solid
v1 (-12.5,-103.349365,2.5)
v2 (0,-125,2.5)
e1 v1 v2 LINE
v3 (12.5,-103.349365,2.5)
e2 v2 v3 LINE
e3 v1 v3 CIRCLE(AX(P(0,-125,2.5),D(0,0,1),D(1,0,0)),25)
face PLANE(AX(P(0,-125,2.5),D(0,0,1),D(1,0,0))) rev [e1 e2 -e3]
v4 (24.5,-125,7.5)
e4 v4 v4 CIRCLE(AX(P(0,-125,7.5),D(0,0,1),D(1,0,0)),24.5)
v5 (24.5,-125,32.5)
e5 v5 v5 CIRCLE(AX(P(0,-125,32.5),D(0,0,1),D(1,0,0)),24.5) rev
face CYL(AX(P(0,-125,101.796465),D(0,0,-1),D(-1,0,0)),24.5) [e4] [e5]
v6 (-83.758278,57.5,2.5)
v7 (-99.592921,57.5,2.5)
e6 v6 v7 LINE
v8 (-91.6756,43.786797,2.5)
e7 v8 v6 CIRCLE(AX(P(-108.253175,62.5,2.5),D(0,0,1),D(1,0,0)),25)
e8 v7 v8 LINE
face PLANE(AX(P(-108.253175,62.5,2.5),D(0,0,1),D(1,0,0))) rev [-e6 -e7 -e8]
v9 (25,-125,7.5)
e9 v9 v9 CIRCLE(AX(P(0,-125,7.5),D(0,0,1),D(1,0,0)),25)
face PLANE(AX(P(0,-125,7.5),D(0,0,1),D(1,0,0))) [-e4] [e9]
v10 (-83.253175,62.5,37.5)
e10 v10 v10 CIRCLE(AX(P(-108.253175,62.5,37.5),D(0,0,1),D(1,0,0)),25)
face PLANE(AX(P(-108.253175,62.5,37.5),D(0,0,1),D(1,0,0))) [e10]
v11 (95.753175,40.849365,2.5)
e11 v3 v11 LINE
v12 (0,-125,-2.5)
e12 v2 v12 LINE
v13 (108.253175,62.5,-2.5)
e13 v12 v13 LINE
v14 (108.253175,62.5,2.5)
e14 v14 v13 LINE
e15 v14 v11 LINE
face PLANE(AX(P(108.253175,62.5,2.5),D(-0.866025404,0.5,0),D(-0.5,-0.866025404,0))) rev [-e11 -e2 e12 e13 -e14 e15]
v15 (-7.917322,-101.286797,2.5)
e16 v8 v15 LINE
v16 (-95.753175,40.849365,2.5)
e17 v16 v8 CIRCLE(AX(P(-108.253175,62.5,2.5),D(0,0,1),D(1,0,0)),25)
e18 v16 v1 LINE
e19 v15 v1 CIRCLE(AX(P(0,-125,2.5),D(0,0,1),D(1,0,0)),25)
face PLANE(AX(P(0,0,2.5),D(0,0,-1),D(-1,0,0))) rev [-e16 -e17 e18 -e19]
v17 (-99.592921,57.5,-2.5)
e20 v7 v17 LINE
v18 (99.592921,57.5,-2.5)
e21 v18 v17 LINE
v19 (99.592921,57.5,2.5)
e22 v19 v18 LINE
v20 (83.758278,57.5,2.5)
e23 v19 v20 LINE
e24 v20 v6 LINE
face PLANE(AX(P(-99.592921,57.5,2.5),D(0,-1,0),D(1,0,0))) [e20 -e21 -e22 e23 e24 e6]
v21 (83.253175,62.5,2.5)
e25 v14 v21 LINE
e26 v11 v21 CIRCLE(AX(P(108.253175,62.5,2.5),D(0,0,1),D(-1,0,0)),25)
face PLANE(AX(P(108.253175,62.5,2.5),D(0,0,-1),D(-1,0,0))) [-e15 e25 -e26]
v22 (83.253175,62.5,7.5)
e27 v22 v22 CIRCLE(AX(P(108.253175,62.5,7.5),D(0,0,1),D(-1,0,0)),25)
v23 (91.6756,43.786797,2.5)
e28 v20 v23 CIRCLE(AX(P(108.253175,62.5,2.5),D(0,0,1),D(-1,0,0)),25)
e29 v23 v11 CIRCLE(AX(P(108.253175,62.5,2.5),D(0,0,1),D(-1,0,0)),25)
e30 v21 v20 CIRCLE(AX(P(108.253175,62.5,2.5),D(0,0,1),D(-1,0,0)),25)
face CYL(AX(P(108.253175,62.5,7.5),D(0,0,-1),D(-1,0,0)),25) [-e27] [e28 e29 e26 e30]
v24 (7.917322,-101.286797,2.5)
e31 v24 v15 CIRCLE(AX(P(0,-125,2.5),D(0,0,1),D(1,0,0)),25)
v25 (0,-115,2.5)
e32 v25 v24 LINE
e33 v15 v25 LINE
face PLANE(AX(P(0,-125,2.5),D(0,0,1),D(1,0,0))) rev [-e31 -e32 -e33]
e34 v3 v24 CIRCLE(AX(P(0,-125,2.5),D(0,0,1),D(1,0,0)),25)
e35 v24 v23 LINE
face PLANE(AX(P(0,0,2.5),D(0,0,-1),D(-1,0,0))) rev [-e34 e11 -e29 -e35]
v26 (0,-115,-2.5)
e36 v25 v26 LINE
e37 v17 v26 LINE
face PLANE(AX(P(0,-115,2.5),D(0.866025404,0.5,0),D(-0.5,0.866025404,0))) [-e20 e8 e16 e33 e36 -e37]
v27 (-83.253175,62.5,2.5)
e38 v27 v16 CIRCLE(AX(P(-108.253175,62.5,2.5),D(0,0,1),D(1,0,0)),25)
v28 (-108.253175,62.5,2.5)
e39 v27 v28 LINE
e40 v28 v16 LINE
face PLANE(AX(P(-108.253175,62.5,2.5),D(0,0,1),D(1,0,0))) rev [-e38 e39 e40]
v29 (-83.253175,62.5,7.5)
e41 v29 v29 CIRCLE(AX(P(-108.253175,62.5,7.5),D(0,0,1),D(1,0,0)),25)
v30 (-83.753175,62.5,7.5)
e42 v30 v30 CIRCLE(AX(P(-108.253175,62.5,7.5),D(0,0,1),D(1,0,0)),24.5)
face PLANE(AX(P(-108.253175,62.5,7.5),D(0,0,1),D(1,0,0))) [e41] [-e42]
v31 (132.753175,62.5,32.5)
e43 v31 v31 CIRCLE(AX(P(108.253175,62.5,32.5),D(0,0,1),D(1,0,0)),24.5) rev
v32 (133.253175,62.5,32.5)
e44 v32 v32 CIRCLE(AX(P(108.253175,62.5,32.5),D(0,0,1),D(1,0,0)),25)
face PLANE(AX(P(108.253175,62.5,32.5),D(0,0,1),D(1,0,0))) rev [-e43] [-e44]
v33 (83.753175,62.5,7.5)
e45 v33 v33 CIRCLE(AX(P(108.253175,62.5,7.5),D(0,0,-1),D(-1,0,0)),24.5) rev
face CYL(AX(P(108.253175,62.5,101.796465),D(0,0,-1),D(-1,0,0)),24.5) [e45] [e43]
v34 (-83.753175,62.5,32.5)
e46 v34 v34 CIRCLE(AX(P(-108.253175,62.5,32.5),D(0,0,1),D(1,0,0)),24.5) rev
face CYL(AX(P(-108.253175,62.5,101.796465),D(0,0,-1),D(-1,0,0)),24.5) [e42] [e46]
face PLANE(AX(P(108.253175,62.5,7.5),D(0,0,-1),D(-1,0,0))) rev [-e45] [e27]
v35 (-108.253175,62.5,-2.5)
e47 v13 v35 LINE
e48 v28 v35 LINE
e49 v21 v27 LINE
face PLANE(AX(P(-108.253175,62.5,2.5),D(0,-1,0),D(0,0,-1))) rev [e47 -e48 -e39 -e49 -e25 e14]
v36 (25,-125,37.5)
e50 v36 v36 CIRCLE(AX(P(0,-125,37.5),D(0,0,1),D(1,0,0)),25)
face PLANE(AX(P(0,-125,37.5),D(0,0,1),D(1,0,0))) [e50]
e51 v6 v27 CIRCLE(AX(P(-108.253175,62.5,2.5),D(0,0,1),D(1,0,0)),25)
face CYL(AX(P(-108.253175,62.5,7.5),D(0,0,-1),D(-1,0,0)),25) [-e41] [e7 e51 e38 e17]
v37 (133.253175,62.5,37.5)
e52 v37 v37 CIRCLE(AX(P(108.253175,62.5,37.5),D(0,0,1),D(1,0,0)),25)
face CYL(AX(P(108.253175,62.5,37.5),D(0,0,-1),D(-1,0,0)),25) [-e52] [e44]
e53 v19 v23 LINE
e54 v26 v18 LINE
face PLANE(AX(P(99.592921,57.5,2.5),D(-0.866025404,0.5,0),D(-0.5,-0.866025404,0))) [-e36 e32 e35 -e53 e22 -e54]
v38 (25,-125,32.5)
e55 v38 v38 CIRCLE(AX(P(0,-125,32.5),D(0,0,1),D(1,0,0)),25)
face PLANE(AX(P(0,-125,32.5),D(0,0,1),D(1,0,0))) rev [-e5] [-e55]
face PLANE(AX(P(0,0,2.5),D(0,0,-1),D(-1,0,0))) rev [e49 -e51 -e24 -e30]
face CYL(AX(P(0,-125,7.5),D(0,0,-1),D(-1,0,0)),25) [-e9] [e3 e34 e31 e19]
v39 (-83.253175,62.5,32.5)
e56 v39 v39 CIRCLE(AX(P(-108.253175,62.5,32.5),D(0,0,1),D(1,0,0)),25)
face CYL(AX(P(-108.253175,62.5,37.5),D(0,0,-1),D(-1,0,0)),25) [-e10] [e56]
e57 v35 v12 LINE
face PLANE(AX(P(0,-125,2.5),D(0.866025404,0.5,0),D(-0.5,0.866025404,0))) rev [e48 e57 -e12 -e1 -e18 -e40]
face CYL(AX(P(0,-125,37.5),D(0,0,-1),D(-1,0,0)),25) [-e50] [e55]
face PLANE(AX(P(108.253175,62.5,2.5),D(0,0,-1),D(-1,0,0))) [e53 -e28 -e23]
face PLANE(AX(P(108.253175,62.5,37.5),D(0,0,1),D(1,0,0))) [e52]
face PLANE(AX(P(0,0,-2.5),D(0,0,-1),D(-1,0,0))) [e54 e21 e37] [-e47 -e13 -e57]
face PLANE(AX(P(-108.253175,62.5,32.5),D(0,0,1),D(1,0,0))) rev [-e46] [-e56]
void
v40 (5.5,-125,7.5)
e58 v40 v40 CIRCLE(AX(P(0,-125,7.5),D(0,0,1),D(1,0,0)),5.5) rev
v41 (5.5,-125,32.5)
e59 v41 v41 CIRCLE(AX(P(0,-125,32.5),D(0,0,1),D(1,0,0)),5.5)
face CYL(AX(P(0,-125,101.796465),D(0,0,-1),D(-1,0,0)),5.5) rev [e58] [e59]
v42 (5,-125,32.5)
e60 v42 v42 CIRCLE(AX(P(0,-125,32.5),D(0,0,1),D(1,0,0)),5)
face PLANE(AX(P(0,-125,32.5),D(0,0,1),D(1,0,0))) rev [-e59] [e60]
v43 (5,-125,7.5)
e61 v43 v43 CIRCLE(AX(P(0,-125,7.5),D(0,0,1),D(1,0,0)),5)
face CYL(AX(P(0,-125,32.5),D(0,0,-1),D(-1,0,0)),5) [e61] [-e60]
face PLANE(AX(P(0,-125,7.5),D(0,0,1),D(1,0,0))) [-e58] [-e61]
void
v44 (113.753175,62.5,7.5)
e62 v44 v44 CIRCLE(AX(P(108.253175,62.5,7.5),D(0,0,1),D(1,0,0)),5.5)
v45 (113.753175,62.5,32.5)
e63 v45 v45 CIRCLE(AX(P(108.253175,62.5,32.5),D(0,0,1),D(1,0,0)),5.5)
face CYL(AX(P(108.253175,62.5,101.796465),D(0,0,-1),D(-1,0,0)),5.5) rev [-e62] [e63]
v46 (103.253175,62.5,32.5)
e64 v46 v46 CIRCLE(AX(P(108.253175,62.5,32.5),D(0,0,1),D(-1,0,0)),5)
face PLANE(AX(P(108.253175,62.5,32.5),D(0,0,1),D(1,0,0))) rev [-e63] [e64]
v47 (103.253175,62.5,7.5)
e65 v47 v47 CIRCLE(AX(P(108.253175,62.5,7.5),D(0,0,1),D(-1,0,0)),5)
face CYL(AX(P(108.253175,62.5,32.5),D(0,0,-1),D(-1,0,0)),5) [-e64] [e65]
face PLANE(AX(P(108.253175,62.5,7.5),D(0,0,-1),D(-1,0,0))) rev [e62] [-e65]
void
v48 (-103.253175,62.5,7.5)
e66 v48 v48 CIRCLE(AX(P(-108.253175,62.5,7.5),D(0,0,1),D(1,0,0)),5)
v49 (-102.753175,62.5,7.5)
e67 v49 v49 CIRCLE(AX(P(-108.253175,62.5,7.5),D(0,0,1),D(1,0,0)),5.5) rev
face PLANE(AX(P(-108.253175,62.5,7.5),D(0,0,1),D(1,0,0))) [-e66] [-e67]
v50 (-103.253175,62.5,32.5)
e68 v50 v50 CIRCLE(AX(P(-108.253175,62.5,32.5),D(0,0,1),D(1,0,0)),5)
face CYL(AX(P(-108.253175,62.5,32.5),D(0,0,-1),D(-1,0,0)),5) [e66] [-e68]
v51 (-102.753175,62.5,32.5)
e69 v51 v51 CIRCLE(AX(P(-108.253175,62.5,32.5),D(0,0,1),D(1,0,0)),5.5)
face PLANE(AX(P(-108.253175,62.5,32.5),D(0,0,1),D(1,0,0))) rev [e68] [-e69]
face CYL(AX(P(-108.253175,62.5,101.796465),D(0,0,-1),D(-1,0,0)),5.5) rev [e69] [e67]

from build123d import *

# Parameters (mm, degrees)
BOSS_EXTRUDE1_DEPTH = 2.5
SKETCH2_R           = 25
BOSS_EXTRUDE2_DEPTH = 5
SKETCH3_R           = 5
BOSS_EXTRUDE3_DEPTH = 25
SKETCH4_R           = 25
BOSS_EXTRUDE4_DEPTH = 5
SKETCH5_R           = 24.5
SKETCH5_R_2         = 5.5
BOSS_EXTRUDE5_DEPTH = 25


with BuildPart() as part:
    # Sketch1 → Boss-Extrude1 (new, symmetric)
    with BuildSketch(Plane.XY):
        Polygon((0, -125), (-108.253175473, 62.5), (108.253175473, 62.5), align=None)
        Polygon((0, -115), (-99.592921435, 57.5), (99.592921435, 57.5), align=None, mode=Mode.SUBTRACT)
    extrude(amount=BOSS_EXTRUDE1_DEPTH, both=True)

    # Sketch2 → Boss-Extrude2 (add)
    with BuildSketch(Plane.XY.offset(2.5)):
        with Locations((-108.253175473, 62.5)):
            Circle(SKETCH2_R)
        with Locations(Location((108.253175473, 62.5, 0), (0, 0, 180))):
            Circle(SKETCH2_R)
        with Locations(Location((0, -125, 0), (0, 0, 120))):
            Circle(SKETCH2_R)
    extrude(amount=BOSS_EXTRUDE2_DEPTH)

    # Sketch3 → Boss-Extrude3 (add)
    with BuildSketch(Plane.XY.offset(7.5)):
        with Locations((-108.253175473, 62.5)):
            Circle(SKETCH3_R)
        with Locations(Location((108.253175473, 62.5, 0), (0, 0, 180))):
            Circle(SKETCH3_R)
        with Locations((0, -125)):
            Circle(SKETCH3_R)
    extrude(amount=BOSS_EXTRUDE3_DEPTH)

    # Sketch4 → Boss-Extrude4 (add)
    with BuildSketch(Plane.XY.offset(32.5)):
        with Locations(Location((0, -125, 0), (0, 0, 120))):
            Circle(SKETCH4_R)
        with Locations(Location((108.253175473, 62.5, 0), (0, 0, 180))):
            Circle(SKETCH4_R)
        with Locations((-108.253175473, 62.5)):
            Circle(SKETCH4_R)
    extrude(amount=BOSS_EXTRUDE4_DEPTH)

    # Sketch5 → Boss-Extrude5 (add)
    # profile 1 of 3: a face of its own
    with BuildSketch(Plane.XY.offset(7.5)):
        with Locations((-108.253175473, 62.5)):
            Circle(SKETCH5_R)
        with Locations((-108.253175473, 62.5)):
            Circle(SKETCH5_R_2, mode=Mode.SUBTRACT)
    # profile 2 of 3: a face of its own
    with BuildSketch(Plane.XY.offset(7.5)):
        with Locations(Location((108.253175473, 62.5, 0), (0, 0, 180))):
            Circle(SKETCH5_R)
        with Locations((108.253175473, 62.5)):
            Circle(SKETCH5_R_2, mode=Mode.SUBTRACT)
    # profile 3 of 3: a face of its own
    with BuildSketch(Plane.XY.offset(7.5)):
        with Locations((0, -125)):
            Circle(SKETCH5_R)
        with Locations((0, -125)):
            Circle(SKETCH5_R_2, mode=Mode.SUBTRACT)
    extrude(amount=BOSS_EXTRUDE5_DEPTH)


solid = part.part
